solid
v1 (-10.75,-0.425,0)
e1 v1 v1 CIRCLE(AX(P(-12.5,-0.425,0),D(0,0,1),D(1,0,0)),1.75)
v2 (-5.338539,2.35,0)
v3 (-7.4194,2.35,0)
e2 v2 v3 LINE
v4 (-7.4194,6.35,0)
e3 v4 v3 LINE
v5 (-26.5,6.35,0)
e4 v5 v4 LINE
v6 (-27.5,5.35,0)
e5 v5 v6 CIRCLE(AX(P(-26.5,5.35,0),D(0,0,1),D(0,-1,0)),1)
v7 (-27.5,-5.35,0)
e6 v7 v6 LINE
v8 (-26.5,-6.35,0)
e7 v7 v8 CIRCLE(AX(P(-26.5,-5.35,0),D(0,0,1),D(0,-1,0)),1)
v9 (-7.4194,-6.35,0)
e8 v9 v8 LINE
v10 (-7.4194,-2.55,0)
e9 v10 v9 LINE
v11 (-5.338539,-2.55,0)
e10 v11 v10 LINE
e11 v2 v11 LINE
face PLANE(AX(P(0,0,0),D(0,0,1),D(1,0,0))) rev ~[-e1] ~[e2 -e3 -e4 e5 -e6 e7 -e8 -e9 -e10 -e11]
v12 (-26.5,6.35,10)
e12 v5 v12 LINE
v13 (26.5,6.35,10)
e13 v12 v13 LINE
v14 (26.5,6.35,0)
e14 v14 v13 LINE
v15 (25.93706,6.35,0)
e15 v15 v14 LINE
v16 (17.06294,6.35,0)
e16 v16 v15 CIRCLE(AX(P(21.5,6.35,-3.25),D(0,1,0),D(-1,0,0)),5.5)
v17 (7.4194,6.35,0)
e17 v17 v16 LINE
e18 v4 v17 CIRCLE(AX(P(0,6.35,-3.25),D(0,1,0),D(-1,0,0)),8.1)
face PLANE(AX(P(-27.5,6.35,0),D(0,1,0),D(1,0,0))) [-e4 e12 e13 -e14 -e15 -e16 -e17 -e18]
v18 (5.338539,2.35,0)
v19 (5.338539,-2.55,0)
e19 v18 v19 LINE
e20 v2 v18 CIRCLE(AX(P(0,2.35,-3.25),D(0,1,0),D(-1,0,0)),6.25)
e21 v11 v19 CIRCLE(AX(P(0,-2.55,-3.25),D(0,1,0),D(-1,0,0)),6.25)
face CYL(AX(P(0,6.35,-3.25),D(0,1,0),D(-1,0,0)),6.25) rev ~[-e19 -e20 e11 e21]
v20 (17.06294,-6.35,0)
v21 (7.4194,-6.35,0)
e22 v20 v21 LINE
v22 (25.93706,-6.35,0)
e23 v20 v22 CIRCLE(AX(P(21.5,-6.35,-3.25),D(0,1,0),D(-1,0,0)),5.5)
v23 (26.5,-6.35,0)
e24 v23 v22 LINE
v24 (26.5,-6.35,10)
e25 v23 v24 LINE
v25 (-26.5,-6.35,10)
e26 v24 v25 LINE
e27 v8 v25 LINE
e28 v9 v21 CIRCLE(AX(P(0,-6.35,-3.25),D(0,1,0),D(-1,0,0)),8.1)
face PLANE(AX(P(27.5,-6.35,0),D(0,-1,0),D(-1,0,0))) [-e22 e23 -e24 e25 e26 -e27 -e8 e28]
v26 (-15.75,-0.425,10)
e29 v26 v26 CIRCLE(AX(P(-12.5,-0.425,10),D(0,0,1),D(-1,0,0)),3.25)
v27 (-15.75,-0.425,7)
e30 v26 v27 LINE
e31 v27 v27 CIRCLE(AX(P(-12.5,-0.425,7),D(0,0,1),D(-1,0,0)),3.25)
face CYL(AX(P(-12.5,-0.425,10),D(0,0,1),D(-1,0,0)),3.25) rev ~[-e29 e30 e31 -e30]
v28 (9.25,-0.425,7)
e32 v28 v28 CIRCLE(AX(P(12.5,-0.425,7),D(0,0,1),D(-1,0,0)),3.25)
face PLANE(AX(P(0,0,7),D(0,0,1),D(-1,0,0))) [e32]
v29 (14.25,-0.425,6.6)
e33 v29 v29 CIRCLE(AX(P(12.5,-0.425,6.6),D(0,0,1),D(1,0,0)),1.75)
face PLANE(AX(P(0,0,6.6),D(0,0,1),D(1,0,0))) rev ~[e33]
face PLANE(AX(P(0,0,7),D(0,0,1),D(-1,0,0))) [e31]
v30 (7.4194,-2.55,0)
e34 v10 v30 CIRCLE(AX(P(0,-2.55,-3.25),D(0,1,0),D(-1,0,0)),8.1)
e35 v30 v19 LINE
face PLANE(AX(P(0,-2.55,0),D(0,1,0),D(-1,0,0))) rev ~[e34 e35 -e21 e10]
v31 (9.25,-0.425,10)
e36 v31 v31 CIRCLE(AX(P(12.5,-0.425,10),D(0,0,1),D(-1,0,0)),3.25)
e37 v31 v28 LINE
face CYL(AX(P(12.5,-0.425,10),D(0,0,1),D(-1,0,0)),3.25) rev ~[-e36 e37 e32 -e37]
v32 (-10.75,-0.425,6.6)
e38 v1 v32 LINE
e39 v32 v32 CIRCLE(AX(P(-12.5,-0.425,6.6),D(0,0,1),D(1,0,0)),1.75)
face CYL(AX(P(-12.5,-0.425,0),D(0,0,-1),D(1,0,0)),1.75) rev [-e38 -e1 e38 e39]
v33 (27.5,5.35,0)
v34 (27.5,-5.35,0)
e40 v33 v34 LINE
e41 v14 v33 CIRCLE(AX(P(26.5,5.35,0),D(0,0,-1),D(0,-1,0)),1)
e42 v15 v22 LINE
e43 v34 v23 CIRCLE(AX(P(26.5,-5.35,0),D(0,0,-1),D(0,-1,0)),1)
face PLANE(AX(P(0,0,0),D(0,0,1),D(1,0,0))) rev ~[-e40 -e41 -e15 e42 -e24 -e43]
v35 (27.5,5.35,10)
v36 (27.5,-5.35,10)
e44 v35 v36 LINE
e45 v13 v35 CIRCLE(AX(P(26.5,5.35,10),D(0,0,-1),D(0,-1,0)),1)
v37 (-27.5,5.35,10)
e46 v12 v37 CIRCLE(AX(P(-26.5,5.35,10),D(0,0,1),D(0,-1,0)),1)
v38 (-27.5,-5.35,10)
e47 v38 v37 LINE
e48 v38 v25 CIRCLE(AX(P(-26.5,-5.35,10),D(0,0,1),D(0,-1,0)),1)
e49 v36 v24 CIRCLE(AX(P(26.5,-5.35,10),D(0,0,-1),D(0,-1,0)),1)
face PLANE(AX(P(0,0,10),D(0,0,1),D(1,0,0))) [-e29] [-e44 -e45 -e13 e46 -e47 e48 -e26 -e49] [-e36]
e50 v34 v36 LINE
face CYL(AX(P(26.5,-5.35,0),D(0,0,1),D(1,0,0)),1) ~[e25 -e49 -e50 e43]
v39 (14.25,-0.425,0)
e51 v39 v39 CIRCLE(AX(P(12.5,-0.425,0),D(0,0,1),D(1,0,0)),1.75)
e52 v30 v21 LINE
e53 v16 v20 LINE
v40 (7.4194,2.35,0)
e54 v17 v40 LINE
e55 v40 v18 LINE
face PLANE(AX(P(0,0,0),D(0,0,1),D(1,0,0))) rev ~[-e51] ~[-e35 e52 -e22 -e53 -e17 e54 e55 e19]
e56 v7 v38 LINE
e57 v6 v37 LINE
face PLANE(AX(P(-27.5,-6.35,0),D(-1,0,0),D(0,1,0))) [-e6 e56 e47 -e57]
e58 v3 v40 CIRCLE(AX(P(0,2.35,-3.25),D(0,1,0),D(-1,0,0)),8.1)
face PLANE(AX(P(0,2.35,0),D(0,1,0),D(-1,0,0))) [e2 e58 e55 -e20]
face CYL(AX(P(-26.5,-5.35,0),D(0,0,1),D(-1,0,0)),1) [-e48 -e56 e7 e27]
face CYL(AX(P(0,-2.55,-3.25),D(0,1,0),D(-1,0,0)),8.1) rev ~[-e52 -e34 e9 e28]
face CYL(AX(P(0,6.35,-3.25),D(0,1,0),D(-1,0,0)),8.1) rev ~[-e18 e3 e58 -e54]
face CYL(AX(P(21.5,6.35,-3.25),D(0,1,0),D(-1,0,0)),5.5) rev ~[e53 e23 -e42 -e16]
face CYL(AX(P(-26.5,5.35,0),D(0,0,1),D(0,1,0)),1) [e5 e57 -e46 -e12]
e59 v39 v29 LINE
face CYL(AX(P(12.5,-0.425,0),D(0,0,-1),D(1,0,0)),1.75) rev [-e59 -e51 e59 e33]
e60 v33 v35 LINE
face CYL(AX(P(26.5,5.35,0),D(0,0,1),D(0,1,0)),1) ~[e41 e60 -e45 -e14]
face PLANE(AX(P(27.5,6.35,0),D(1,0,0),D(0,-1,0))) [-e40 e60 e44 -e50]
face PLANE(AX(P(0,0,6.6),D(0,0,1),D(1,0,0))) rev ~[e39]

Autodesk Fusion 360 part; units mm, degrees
sketch "スケッチ1" plane through (0, 0, 0) normal (0, 0, 1) x (1, 0, 0)
  line L0 (-27.5, 6.35) -> (27.5, 6.35)
  line L1 (27.5, 6.35) -> (27.5, -6.35)
  line L2 (27.5, -6.35) -> (-27.5, -6.35)
  line L3 (-27.5, -6.35) -> (-27.5, 6.35)
  line L4 (-27.5, 6.35) -> (27.5, -6.35) construction
  line L5 (27.5, 6.35) -> (-27.5, -6.35) construction
  circle A0 centre (-12.5, -0.425) radius 1.75
  circle A1 centre (12.5, -0.425) radius 1.75
  dimension "d1" = 55
  dimension "d2" = 12.7
  dimension "d3" = 3.5
  dimension "d4" = 3.5
  dimension "d5" = 15
  dimension "d6" = 15
  dimension "d7" = 5.925
  dimension "d8" = 5.925
extrude "押し出し1" add sketch "スケッチ1" along normal blind 10 contours L0 L1 L2 L3 | A0 | A1
extrude "押し出し2" cut sketch "スケッチ1" along normal blind 6.6 contours A0 | A1
sketch "スケッチ2" plane through (0, 0, 10) normal (0, 0, 1) x (-1, 0, 0)
  line L0 (27.5, 6.35) -> (-27.5, 6.35)
  line L1 (-27.5, 6.35) -> (-27.5, -6.35)
  line L2 (-27.5, -6.35) -> (27.5, -6.35)
  line L3 (27.5, -6.35) -> (27.5, 6.35)
  circle A0 centre (12.5, 0.425) radius 3.25
  circle A1 centre (-12.5, 0.425) radius 3.25
  point P0 (12.5, 0.425)
  point P1 (-12.5, 0.425)
  dimension "d13" = 6.5
  dimension "d14" = 6.5
extrude "押し出し3" cut sketch "スケッチ2" against normal blind 3 contours A0 | A1
sketch "スケッチ3" plane through (0, 6.35, 0) normal (0, 1, 0) x (-1, 0, 0)
  line L0 (-27.5, 0) -> (27.5, 0)
  line L1 (27.5, 0) -> (27.5, 10)
  line L2 (27.5, 10) -> (-27.5, 10)
  line L3 (-27.5, 10) -> (-27.5, 0)
  circle A0 centre (0, -3.25) radius 8.1
  circle A1 centre (0, -3.25) radius 6.25
  line L4 (27.5, 0) -> (-27.5, 0)
  circle A2 centre (-21.5, -3.25) radius 5.5
  dimension "d17" = 16.2
  dimension "d18" = 12.5
  dimension "d19" = 3.25
  dimension "d20" = 11
  dimension "d21" = 3.25
  dimension "d22" = 6
extrude "押し出し4" cut sketch "スケッチ3" against normal through all contours L0 L4 A2 | L0 A1 L4 picked at (-20.9476, 1.4676) picked at (-0.812, 1.6265)
extrude "押し出し5" cut sketch "スケッチ3" against normal blind 4 contours L0 A0 A1 L4 picked at (-6.5437, 0.3454)
extrude "押し出し6" cut sketch "スケッチ3" against normal up to surface (3.8 mm away) from surface at -8.9 contours L0 A0 A1 L4 picked at (-6.5437, 0.3454)
fillet "フィレット1" radius 1 4 edges at (-27.5, -6.35, 5) (-27.5, 6.35, 5) (27.5, -6.35, 5) (27.5, 6.35, 5)
equation "d8 = d7"
